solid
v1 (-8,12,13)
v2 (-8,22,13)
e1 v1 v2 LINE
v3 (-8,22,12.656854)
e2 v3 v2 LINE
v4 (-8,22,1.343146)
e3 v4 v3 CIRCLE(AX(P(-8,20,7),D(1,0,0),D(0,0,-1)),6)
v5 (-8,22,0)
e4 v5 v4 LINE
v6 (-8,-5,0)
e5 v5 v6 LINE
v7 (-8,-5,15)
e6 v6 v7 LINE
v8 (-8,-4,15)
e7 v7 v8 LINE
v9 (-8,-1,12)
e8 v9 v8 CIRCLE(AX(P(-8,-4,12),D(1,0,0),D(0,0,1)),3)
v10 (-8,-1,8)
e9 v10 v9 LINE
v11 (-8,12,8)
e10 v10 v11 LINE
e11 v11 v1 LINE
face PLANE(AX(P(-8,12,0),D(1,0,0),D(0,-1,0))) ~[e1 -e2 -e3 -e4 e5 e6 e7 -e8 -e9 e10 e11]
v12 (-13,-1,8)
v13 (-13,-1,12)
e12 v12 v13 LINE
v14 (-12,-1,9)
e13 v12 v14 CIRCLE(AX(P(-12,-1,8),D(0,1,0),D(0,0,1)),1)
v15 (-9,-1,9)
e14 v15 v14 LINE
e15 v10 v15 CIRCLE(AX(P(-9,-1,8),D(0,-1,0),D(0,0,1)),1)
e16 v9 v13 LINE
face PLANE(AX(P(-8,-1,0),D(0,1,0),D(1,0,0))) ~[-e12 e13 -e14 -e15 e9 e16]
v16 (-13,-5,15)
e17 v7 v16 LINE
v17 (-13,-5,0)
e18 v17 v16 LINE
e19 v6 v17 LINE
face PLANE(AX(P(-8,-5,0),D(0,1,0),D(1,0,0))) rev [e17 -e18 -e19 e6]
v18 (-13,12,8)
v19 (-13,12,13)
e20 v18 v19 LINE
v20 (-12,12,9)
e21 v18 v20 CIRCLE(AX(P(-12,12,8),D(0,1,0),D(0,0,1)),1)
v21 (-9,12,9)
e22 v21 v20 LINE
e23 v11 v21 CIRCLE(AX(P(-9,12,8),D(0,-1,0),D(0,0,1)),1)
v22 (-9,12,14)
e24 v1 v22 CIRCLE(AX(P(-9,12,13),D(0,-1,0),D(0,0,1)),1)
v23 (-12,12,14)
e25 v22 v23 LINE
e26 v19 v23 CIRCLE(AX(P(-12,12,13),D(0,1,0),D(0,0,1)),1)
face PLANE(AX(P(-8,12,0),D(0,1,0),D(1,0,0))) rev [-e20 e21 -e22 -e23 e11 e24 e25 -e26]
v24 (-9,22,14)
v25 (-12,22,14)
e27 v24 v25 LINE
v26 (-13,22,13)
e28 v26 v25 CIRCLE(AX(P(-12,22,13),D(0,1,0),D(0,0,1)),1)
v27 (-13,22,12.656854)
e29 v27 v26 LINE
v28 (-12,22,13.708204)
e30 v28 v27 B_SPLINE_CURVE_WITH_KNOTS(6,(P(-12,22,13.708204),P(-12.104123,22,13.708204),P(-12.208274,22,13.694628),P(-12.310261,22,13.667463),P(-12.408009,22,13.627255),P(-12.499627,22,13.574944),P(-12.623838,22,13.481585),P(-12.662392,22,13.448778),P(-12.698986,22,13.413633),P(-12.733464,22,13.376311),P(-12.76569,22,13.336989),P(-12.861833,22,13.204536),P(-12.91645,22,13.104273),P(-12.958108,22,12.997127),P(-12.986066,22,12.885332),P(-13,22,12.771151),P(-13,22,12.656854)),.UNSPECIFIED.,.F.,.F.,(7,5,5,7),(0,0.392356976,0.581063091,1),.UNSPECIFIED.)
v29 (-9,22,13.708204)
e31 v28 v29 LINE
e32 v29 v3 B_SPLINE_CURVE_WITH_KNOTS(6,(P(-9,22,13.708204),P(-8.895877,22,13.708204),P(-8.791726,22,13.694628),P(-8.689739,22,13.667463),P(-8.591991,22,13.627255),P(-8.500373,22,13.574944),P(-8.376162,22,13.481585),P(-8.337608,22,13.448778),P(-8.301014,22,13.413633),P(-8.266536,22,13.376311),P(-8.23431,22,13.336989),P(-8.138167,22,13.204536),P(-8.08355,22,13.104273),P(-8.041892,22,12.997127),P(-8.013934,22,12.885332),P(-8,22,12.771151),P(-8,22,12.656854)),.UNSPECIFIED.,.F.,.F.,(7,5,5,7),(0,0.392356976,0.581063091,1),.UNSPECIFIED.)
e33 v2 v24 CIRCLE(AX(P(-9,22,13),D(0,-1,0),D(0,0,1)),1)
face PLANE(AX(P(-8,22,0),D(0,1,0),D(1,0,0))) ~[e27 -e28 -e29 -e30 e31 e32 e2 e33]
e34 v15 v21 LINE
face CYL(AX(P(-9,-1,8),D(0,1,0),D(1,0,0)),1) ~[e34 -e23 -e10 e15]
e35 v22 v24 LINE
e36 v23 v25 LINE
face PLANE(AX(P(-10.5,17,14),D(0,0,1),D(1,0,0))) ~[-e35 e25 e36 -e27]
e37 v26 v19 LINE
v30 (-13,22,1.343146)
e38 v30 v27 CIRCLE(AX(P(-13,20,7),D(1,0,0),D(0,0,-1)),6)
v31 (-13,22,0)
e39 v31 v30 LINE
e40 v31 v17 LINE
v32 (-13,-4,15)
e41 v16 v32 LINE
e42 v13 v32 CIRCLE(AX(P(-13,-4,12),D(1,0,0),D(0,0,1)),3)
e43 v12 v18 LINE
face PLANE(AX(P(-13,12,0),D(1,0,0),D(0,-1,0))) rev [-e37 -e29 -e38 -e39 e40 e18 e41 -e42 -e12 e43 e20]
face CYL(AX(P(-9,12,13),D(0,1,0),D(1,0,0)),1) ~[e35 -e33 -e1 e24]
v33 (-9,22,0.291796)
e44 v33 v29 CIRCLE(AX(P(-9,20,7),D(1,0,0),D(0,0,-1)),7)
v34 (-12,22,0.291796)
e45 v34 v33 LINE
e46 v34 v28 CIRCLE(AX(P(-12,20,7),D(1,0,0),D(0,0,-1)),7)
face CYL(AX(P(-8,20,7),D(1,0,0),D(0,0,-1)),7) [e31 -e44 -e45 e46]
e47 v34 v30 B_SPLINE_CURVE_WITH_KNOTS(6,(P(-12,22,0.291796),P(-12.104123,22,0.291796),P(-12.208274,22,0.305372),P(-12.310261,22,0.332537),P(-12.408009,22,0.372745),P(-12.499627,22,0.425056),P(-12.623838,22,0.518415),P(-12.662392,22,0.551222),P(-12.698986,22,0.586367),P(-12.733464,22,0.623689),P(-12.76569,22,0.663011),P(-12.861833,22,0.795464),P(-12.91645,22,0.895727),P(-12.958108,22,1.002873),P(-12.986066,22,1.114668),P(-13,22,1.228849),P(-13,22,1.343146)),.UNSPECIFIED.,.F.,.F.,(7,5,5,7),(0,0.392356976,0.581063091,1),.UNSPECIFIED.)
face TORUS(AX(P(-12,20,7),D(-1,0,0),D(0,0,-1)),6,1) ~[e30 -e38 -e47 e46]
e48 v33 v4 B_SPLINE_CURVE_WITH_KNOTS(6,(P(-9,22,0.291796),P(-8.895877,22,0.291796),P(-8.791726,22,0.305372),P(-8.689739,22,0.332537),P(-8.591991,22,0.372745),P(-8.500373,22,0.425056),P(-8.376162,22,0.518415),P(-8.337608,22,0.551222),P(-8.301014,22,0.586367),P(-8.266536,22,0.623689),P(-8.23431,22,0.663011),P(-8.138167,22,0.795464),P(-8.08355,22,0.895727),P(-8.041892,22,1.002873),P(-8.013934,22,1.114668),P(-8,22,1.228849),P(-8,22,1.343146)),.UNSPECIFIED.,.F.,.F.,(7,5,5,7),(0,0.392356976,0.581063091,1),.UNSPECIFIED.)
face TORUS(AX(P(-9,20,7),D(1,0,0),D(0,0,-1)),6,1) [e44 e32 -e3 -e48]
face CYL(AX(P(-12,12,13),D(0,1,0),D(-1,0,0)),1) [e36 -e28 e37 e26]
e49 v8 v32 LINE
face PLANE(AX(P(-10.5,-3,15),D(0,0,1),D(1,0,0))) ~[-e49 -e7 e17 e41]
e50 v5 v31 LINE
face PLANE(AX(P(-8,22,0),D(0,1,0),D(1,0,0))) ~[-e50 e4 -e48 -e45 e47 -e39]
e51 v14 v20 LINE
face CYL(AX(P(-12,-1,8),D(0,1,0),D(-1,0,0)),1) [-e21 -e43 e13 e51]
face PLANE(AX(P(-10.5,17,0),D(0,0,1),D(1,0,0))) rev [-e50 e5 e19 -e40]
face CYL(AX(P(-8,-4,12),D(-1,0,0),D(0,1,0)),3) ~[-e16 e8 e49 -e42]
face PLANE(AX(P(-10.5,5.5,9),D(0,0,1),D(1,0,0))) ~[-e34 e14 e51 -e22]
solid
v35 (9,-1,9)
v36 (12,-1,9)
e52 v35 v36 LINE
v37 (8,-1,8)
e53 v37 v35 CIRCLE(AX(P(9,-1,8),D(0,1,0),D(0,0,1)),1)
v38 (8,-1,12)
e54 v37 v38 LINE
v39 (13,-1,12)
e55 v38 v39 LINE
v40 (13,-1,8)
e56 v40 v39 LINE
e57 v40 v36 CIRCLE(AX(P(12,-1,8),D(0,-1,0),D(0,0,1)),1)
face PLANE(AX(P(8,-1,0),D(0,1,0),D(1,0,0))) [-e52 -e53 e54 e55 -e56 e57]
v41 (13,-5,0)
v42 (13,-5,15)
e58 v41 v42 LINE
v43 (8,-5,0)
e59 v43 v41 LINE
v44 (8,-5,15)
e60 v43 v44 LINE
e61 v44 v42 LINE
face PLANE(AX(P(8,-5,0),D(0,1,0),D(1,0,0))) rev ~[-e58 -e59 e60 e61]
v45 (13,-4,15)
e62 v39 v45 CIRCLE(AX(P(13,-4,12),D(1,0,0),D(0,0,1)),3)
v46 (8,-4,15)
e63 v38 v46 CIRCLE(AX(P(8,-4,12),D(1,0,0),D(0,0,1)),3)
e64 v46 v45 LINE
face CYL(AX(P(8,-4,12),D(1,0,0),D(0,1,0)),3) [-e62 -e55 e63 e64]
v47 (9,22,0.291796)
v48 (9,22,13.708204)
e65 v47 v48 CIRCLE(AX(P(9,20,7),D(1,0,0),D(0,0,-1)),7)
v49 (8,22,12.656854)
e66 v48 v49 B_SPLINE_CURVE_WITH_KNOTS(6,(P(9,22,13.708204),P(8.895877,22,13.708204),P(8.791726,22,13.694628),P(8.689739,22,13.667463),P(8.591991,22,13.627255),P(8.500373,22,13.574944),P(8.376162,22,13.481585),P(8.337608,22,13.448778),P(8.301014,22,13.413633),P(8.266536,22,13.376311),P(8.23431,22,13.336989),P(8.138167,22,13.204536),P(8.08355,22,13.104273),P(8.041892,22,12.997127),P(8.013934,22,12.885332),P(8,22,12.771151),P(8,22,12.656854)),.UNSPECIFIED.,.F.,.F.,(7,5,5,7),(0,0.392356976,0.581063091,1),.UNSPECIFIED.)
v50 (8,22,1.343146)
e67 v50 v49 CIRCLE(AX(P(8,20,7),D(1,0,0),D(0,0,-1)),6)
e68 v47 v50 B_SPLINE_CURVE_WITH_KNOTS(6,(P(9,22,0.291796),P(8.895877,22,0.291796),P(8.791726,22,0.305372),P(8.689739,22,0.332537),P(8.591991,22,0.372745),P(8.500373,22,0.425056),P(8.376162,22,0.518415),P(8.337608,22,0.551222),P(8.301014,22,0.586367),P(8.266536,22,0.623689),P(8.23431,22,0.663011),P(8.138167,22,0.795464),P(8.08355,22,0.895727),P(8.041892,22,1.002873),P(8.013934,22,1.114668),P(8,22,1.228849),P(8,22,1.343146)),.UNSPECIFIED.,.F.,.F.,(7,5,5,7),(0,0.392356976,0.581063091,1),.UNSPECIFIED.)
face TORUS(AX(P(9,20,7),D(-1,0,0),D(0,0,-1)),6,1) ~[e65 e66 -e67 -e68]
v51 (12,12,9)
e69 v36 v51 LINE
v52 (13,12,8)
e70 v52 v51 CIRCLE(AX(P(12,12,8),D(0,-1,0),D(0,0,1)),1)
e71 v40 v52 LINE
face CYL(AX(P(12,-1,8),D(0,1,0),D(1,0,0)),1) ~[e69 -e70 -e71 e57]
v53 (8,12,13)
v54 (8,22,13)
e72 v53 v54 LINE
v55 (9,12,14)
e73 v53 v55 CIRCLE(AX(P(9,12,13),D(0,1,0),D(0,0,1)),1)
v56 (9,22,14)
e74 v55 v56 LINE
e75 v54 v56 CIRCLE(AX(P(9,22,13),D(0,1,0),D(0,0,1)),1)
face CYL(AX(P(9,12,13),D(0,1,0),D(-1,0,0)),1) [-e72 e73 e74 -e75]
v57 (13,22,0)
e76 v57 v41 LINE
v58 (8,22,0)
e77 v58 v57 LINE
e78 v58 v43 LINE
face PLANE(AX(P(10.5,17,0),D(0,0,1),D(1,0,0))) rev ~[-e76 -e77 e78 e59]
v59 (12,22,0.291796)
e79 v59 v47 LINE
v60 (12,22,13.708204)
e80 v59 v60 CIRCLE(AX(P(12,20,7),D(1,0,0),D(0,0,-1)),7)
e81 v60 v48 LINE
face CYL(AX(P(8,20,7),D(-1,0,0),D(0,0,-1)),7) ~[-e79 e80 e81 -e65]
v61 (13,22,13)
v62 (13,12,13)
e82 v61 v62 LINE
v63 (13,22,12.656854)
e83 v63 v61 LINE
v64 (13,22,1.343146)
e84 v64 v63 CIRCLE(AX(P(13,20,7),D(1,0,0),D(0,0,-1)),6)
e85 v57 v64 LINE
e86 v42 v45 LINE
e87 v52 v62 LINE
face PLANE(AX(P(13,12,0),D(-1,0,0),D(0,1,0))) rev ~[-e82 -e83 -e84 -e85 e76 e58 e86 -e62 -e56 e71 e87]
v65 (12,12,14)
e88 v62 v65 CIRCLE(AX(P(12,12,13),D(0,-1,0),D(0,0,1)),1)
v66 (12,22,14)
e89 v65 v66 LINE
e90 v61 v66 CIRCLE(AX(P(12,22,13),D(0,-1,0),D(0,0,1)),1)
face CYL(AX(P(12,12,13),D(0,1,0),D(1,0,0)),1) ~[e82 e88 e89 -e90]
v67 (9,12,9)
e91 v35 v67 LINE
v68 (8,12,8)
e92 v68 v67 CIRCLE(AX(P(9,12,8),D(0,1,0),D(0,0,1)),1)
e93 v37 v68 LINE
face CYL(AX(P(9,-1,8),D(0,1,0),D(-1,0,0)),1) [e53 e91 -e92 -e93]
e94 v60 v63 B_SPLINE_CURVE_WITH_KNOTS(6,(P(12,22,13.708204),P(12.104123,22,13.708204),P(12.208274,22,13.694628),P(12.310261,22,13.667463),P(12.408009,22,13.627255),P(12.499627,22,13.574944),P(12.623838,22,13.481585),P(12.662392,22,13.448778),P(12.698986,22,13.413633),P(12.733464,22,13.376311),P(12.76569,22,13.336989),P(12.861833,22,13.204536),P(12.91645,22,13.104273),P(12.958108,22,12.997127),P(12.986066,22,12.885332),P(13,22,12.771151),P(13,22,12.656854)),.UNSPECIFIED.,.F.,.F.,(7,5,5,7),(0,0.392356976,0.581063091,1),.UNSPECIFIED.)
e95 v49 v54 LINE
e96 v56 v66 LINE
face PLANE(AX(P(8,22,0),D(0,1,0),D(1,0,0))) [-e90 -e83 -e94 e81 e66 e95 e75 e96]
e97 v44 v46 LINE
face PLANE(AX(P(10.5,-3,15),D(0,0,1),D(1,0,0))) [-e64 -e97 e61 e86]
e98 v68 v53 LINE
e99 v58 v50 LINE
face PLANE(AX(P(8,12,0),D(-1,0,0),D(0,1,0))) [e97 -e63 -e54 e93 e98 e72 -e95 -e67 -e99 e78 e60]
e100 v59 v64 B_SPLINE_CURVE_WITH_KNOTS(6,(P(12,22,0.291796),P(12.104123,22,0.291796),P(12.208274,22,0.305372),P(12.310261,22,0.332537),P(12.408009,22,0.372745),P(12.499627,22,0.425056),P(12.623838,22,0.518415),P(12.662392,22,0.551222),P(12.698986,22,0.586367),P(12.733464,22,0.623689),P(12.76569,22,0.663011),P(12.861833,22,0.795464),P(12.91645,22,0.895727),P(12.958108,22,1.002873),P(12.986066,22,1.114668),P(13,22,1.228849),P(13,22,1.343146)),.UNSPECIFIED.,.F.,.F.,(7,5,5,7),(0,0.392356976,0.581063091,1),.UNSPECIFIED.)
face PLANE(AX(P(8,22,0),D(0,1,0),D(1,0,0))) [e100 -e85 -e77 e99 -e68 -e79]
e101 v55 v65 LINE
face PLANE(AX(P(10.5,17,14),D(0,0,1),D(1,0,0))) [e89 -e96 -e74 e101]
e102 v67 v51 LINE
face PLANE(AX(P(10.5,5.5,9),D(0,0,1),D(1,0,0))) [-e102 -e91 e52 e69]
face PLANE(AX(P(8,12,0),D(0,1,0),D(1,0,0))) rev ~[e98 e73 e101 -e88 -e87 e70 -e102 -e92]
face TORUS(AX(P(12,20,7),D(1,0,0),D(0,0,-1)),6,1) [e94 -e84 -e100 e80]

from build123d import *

# Parameters (mm, degrees)
BOX004_W          = 5
BOX004_H          = 13
BOX004_DEPTH      = 9
FILLET007_R       = 1
CYLINDER007_R     = 7
CYLINDER007_DEPTH = 5
FILLET008_R       = 1
BOX002_W          = 5
BOX002_H          = 10
BOX002_DEPTH      = 14
FILLET009_R       = 1
BOX005_W          = 5
BOX005_H          = 4
BOX005_DEPTH      = 15
FILLET003_R       = 3


with BuildPart() as fillet007:
    # Box004 → Box004 (new body)
    with BuildSketch(Plane(origin=(8, -1, 0), x_dir=(1, 0, 0), z_dir=(0, 0, 1))):
        with Locations((2.5, 6.5)):
            Rectangle(BOX004_W, BOX004_H)
    extrude(amount=BOX004_DEPTH)

    # Fillet007
    fillet007_edges = [fillet007.edges().sort_by_distance(p)[0] for p in [
        (8, 5.5, 9),
        (13, 5.5, 9),
    ]]
    fillet(fillet007_edges, radius=FILLET007_R)


with BuildPart() as fillet008:
    # Cylinder007 → Cylinder007 (new body)
    with BuildSketch(Plane(origin=(8, 20, 7), x_dir=(0, 0, -1), z_dir=(1, 0, 0))):
        Circle(CYLINDER007_R)
    extrude(amount=CYLINDER007_DEPTH)

    # Fillet008
    fillet008_edges = [fillet008.edges().sort_by_distance(p)[0] for p in [
        (13, 20, 14),
        (8, 20, 14),
    ]]
    fillet(fillet008_edges, radius=FILLET008_R)


with BuildPart() as fillet009:
    # Box002 → Box002 (new body)
    with BuildSketch(Plane(origin=(8, 12, 0), x_dir=(1, 0, 0), z_dir=(0, 0, 1))):
        with Locations((2.5, 5)):
            Rectangle(BOX002_W, BOX002_H)
    extrude(amount=BOX002_DEPTH)

    # Fillet009
    fillet009_edges = [fillet009.edges().sort_by_distance(p)[0] for p in [
        (8, 17, 14),
        (13, 17, 14),
    ]]
    fillet(fillet009_edges, radius=FILLET009_R)


with BuildPart() as fusion002:
    # Box005 → Box005 (new body)
    with BuildSketch(Plane(origin=(8, -5, 0), x_dir=(1, 0, 0), z_dir=(0, 0, 1))):
        with Locations((2.5, 2)):
            Rectangle(BOX005_W, BOX005_H)
    extrude(amount=BOX005_DEPTH)

    # Fillet003
    fillet003_edges = [fusion002.edges().sort_by_distance(p)[0] for p in [
        (10.5, -1, 15),
    ]]
    fillet(fillet003_edges, radius=FILLET003_R)

    # Fusion002: union Fillet007, Fillet008, Fillet009
    add(fillet007.part)
    add(fillet008.part)
    add(fillet009.part)


with BuildPart() as back_legs:
    # Part__Mirroring001: instance of Fusion002
    add(fusion002.part.mirror(Plane(origin=(0, 0, 0), x_dir=(0, -1, 0), z_dir=(1, 0, 0))))

    # Fusion004: union Fusion002
    add(fusion002.part)


solid = back_legs.part
